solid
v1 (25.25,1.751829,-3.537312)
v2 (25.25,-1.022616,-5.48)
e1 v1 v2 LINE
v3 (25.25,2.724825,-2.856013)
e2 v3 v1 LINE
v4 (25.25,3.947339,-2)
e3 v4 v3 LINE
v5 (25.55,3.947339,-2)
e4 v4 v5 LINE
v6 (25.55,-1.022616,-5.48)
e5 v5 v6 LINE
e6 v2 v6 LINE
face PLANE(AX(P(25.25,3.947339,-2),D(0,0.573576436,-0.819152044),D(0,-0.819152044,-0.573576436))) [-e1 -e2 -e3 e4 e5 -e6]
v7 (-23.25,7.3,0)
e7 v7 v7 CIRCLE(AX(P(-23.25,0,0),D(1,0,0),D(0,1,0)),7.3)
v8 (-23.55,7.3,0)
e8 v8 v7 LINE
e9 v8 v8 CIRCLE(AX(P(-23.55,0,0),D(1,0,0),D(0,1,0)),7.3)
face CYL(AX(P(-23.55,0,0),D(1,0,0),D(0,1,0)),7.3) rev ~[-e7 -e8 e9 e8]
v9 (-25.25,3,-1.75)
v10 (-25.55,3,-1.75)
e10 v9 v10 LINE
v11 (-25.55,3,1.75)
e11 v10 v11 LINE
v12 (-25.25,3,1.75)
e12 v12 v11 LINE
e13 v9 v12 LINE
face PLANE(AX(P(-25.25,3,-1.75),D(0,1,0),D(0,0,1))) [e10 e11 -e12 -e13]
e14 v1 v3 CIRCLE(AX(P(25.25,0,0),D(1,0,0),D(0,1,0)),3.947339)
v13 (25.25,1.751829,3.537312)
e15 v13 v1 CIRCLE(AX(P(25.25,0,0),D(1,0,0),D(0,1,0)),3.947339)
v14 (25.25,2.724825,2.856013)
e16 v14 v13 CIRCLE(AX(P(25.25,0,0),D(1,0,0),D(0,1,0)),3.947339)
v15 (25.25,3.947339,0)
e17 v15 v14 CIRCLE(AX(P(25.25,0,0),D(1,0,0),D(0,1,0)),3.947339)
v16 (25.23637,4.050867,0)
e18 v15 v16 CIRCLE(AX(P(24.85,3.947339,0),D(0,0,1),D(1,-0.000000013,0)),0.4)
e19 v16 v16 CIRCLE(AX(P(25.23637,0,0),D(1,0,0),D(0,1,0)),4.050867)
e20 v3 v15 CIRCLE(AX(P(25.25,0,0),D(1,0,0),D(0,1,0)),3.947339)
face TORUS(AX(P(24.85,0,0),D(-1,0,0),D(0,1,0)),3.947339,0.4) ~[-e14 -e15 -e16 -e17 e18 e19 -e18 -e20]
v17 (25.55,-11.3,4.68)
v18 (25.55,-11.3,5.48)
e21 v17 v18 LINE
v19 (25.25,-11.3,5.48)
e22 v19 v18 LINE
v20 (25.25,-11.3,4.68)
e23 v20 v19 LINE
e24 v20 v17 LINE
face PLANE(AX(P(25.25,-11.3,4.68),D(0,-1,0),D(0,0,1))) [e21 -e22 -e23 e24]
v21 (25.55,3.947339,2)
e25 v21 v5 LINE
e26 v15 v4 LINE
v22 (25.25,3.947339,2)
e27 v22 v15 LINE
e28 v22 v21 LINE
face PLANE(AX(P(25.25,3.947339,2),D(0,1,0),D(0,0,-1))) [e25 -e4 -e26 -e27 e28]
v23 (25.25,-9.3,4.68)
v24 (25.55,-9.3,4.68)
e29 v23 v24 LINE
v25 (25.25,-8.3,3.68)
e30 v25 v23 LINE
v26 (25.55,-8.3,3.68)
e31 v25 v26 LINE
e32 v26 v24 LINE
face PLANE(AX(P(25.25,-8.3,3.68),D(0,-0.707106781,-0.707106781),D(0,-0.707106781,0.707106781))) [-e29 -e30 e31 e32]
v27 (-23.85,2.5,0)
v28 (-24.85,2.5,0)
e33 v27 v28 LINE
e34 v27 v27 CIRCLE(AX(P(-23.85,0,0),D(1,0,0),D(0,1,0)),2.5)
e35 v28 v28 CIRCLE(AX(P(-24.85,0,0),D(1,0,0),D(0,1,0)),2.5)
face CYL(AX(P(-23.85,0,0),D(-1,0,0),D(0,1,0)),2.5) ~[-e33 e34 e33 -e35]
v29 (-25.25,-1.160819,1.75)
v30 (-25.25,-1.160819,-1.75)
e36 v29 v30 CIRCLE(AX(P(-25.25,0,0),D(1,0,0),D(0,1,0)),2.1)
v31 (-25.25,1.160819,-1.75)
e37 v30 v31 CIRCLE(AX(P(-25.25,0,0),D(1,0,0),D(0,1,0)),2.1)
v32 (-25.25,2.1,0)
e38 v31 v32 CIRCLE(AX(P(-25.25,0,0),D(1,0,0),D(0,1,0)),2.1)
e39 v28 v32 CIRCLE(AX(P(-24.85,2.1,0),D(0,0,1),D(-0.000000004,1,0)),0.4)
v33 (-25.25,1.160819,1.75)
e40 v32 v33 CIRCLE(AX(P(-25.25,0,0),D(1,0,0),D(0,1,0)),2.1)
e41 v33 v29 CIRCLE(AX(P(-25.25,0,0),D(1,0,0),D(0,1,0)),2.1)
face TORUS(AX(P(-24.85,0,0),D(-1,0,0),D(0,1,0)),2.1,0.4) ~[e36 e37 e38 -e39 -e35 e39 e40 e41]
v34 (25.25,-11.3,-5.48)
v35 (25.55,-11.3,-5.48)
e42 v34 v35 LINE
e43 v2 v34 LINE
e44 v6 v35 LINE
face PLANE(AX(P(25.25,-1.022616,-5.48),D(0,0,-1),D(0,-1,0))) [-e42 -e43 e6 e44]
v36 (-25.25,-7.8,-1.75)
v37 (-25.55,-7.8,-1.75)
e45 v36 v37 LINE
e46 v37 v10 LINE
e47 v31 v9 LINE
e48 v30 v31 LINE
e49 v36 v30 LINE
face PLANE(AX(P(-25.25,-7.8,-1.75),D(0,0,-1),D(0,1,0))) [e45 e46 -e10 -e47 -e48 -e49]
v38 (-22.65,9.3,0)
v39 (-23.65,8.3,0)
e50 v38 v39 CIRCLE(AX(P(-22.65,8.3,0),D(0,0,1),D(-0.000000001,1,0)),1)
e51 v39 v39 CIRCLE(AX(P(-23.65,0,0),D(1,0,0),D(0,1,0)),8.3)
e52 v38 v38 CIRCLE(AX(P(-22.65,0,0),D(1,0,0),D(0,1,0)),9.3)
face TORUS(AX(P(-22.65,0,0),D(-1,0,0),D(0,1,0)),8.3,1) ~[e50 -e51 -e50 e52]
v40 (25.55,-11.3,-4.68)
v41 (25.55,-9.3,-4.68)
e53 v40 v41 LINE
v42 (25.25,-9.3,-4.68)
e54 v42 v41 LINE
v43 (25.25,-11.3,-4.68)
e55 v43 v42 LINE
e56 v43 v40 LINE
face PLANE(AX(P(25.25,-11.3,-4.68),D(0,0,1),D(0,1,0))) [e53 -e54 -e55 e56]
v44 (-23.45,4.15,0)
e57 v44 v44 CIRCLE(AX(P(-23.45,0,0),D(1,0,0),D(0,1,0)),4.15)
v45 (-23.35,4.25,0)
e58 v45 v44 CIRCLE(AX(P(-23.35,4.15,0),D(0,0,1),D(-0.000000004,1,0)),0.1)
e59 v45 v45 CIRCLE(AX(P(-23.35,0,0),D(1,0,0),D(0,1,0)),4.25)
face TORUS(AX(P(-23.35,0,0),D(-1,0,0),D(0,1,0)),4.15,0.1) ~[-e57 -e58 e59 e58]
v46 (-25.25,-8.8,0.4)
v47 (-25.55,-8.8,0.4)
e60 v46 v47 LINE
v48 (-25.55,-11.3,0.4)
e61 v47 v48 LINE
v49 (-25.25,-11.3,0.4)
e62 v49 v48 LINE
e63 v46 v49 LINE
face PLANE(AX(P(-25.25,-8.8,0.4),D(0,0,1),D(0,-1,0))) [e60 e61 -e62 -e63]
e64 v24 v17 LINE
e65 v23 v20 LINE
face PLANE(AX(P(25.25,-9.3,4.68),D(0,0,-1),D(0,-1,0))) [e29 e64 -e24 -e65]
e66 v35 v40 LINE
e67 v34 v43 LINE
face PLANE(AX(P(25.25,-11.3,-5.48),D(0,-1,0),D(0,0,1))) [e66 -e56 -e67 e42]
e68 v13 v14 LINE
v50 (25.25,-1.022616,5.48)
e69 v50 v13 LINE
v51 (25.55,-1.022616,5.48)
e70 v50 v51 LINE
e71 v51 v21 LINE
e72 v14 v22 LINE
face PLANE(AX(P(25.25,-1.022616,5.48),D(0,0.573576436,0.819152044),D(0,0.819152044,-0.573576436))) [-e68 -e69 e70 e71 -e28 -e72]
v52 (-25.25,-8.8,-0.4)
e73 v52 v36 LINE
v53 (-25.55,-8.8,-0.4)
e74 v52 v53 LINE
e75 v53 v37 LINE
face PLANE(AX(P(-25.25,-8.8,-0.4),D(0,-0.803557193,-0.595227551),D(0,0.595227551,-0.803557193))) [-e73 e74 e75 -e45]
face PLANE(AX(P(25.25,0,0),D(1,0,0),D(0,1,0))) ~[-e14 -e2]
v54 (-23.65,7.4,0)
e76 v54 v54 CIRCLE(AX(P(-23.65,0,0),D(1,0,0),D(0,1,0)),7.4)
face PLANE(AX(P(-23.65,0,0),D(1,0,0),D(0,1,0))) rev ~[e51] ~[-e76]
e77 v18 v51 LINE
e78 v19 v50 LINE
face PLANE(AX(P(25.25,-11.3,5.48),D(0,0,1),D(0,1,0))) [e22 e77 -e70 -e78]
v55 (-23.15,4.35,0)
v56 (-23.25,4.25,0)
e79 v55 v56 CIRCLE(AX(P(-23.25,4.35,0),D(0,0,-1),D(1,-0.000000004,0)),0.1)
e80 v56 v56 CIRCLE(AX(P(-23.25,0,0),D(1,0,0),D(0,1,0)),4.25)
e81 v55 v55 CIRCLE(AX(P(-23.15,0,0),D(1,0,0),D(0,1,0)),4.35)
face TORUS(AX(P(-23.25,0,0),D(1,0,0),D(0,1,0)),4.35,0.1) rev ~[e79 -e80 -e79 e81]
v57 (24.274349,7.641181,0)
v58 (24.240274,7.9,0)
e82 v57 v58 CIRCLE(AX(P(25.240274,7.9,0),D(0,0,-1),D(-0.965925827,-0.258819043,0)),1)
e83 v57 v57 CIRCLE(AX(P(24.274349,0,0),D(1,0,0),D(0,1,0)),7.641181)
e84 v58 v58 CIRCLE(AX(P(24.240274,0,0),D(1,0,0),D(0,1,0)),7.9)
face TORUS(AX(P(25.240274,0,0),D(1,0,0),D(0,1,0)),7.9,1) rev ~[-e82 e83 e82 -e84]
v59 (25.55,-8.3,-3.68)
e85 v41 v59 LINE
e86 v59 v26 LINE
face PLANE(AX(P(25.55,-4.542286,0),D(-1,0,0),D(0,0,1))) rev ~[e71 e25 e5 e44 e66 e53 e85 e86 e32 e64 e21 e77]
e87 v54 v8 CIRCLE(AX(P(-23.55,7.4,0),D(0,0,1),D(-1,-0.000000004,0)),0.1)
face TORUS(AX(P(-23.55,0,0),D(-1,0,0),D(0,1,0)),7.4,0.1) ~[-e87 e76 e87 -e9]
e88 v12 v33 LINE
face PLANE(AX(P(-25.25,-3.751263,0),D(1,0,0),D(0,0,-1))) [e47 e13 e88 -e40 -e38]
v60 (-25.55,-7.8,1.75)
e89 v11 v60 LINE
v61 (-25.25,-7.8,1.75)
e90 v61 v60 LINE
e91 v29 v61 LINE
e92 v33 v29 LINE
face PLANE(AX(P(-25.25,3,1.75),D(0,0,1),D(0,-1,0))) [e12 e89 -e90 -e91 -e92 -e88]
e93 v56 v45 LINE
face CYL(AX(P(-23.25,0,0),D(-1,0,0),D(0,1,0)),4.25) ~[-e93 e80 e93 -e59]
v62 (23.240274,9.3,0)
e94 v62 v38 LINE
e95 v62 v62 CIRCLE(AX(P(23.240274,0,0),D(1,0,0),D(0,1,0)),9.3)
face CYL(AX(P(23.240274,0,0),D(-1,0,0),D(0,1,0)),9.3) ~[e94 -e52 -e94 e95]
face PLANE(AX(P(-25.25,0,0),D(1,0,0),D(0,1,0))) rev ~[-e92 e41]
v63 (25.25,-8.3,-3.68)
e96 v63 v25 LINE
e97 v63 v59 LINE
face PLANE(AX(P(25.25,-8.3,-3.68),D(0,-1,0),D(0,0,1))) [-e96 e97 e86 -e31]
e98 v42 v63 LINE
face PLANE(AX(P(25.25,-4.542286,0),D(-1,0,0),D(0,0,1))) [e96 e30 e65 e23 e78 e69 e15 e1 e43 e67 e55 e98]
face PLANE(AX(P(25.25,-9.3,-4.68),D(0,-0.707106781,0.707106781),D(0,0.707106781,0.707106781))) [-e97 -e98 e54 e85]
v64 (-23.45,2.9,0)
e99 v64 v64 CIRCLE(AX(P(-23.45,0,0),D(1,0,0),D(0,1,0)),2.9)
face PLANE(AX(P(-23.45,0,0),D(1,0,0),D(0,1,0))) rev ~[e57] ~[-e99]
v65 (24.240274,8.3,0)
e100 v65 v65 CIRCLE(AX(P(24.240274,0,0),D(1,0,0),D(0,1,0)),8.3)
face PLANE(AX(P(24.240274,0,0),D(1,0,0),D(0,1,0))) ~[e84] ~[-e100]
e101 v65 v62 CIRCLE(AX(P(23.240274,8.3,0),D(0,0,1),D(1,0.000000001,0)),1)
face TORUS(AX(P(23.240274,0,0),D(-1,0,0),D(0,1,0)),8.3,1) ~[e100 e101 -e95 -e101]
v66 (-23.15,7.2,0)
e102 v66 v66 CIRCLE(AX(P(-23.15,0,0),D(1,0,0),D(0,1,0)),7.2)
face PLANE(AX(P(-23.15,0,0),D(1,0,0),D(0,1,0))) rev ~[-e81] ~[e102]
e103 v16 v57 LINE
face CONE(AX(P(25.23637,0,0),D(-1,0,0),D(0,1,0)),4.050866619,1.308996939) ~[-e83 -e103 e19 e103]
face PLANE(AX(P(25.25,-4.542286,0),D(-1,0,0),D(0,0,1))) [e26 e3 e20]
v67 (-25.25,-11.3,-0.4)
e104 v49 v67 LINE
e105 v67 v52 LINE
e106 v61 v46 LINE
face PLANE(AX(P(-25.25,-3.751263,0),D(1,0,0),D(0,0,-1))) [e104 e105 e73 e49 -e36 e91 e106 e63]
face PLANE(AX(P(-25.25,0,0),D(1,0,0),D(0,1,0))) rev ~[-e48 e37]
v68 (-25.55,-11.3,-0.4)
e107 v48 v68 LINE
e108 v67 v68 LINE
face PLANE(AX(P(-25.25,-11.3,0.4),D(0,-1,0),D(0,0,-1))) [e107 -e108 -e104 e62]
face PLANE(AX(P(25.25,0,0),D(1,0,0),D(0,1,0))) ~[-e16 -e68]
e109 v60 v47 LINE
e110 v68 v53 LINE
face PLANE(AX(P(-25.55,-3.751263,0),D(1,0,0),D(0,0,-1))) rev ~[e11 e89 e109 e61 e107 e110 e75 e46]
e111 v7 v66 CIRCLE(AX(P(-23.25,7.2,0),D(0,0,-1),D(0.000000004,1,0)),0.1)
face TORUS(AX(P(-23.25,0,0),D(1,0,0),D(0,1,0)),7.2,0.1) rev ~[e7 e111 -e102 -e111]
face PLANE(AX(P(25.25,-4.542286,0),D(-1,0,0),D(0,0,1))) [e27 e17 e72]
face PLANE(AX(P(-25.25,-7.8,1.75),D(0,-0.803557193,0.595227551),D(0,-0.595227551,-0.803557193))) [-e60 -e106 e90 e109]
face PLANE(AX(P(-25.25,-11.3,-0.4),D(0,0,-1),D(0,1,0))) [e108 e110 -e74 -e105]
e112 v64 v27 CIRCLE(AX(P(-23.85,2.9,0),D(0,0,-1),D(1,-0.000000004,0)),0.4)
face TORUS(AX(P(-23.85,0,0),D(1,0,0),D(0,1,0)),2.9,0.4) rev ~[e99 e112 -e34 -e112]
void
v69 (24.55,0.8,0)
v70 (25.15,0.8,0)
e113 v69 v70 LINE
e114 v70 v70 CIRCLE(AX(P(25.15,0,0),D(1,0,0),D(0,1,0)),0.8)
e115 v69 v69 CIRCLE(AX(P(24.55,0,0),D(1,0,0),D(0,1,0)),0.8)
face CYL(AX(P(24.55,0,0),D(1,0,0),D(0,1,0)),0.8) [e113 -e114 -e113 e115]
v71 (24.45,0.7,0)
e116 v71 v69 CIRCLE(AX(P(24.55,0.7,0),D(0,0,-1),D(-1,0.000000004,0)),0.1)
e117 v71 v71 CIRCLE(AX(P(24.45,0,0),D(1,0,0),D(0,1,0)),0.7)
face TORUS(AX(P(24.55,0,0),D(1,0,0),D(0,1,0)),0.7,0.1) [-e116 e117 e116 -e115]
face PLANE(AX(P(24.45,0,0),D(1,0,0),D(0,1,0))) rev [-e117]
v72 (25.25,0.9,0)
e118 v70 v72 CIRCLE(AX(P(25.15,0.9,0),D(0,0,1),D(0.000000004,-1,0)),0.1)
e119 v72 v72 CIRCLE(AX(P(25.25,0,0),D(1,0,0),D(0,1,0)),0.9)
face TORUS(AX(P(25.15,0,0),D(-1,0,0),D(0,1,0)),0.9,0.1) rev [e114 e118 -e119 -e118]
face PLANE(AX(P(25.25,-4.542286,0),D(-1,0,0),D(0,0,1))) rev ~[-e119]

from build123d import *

# Parameters (mm, degrees)
BOSS_EXTRUDE1_DEPTH = 0.3
BOSS_EXTRUDE2_DEPTH = 0.3


with BuildPart() as part:
    # Sketch1 → Revolve1 (revolve)
    with BuildSketch(Plane.XY):
        with BuildLine():
            Line((-25.25, 0), (24.45, 0))
            Line((24.45, 0), (24.45, 0.7))
            ThreePointArc((24.45, 0.7), (24.479289322, 0.770710678), (24.55, 0.8))
            Line((24.55, 0.8), (25.15, 0.8))
            ThreePointArc((25.15, 0.8), (25.220710678, 0.829289322), (25.25, 0.9))
            Line((25.25, 0.9), (25.25, 3.947339001))
            ThreePointArc((25.25, 3.947339001), (25.246577945, 3.999549478), (25.236370331, 4.050866619))
            Line((25.236370331, 4.050866619), (24.274348504, 7.641180955))
            ThreePointArc((24.274348504, 7.641180955), (24.248829469, 7.769473808), (24.24027433, 7.9))
            Line((24.24027433, 7.9), (24.24027433, 8.3))
            ThreePointArc((24.24027433, 8.3), (23.947381111, 9.007106781), (23.24027433, 9.3))
            Line((23.24027433, 9.3), (-22.65, 9.3))
            ThreePointArc((-22.65, 9.3), (-23.357106781, 9.007106781), (-23.65, 8.3))
            Line((-23.65, 8.3), (-23.65, 7.4))
            ThreePointArc((-23.65, 7.4), (-23.620710678, 7.329289322), (-23.55, 7.3))
            Line((-23.55, 7.3), (-23.25, 7.3))
            ThreePointArc((-23.25, 7.3), (-23.179289322, 7.270710678), (-23.15, 7.2))
            Line((-23.15, 7.2), (-23.15, 4.35))
            ThreePointArc((-23.15, 4.35), (-23.179289322, 4.279289322), (-23.25, 4.25))
            Line((-23.25, 4.25), (-23.35, 4.25))
            ThreePointArc((-23.35, 4.25), (-23.420710678, 4.220710678), (-23.45, 4.15))
            Line((-23.45, 4.15), (-23.45, 2.9))
            ThreePointArc((-23.45, 2.9), (-23.567157288, 2.617157288), (-23.85, 2.5))
            Line((-23.85, 2.5), (-24.85, 2.5))
            ThreePointArc((-24.85, 2.5), (-25.132842712, 2.382842712), (-25.25, 2.1))
            Line((-25.25, 2.1), (-25.25, 0))
        make_face()
    revolve(axis=Axis((-25.25, 0, 0), (1, 0, 0)))

    # Sketch2 → Boss-Extrude1 (add)
    with BuildSketch(Plane(origin=(25.25, 0, 0), x_dir=(0, 0, -1), z_dir=(1, 0, 0))):
        Polygon((-2, 3.947339001), (2, 3.947339001), (5.48, -1.022616062), (5.48, -11.3), (4.68, -11.3), (4.68, -9.3), (3.68, -8.3), (-3.68, -8.3), (-4.68, -9.3), (-4.68, -11.3), (-5.48, -11.3), (-5.48, -1.022616062), align=None)
    extrude(amount=BOSS_EXTRUDE1_DEPTH)

    # Sketch3 → Boss-Extrude2 (add)
    with BuildSketch(Plane.ZY.offset(25.25)):
        Polygon((-1.75, 3), (1.75, 3), (1.75, -7.8), (0.4, -8.8), (0.4, -11.3), (-0.4, -11.3), (-0.4, -8.8), (-1.75, -7.8), align=None)
    extrude(amount=BOSS_EXTRUDE2_DEPTH)


solid = part.part
